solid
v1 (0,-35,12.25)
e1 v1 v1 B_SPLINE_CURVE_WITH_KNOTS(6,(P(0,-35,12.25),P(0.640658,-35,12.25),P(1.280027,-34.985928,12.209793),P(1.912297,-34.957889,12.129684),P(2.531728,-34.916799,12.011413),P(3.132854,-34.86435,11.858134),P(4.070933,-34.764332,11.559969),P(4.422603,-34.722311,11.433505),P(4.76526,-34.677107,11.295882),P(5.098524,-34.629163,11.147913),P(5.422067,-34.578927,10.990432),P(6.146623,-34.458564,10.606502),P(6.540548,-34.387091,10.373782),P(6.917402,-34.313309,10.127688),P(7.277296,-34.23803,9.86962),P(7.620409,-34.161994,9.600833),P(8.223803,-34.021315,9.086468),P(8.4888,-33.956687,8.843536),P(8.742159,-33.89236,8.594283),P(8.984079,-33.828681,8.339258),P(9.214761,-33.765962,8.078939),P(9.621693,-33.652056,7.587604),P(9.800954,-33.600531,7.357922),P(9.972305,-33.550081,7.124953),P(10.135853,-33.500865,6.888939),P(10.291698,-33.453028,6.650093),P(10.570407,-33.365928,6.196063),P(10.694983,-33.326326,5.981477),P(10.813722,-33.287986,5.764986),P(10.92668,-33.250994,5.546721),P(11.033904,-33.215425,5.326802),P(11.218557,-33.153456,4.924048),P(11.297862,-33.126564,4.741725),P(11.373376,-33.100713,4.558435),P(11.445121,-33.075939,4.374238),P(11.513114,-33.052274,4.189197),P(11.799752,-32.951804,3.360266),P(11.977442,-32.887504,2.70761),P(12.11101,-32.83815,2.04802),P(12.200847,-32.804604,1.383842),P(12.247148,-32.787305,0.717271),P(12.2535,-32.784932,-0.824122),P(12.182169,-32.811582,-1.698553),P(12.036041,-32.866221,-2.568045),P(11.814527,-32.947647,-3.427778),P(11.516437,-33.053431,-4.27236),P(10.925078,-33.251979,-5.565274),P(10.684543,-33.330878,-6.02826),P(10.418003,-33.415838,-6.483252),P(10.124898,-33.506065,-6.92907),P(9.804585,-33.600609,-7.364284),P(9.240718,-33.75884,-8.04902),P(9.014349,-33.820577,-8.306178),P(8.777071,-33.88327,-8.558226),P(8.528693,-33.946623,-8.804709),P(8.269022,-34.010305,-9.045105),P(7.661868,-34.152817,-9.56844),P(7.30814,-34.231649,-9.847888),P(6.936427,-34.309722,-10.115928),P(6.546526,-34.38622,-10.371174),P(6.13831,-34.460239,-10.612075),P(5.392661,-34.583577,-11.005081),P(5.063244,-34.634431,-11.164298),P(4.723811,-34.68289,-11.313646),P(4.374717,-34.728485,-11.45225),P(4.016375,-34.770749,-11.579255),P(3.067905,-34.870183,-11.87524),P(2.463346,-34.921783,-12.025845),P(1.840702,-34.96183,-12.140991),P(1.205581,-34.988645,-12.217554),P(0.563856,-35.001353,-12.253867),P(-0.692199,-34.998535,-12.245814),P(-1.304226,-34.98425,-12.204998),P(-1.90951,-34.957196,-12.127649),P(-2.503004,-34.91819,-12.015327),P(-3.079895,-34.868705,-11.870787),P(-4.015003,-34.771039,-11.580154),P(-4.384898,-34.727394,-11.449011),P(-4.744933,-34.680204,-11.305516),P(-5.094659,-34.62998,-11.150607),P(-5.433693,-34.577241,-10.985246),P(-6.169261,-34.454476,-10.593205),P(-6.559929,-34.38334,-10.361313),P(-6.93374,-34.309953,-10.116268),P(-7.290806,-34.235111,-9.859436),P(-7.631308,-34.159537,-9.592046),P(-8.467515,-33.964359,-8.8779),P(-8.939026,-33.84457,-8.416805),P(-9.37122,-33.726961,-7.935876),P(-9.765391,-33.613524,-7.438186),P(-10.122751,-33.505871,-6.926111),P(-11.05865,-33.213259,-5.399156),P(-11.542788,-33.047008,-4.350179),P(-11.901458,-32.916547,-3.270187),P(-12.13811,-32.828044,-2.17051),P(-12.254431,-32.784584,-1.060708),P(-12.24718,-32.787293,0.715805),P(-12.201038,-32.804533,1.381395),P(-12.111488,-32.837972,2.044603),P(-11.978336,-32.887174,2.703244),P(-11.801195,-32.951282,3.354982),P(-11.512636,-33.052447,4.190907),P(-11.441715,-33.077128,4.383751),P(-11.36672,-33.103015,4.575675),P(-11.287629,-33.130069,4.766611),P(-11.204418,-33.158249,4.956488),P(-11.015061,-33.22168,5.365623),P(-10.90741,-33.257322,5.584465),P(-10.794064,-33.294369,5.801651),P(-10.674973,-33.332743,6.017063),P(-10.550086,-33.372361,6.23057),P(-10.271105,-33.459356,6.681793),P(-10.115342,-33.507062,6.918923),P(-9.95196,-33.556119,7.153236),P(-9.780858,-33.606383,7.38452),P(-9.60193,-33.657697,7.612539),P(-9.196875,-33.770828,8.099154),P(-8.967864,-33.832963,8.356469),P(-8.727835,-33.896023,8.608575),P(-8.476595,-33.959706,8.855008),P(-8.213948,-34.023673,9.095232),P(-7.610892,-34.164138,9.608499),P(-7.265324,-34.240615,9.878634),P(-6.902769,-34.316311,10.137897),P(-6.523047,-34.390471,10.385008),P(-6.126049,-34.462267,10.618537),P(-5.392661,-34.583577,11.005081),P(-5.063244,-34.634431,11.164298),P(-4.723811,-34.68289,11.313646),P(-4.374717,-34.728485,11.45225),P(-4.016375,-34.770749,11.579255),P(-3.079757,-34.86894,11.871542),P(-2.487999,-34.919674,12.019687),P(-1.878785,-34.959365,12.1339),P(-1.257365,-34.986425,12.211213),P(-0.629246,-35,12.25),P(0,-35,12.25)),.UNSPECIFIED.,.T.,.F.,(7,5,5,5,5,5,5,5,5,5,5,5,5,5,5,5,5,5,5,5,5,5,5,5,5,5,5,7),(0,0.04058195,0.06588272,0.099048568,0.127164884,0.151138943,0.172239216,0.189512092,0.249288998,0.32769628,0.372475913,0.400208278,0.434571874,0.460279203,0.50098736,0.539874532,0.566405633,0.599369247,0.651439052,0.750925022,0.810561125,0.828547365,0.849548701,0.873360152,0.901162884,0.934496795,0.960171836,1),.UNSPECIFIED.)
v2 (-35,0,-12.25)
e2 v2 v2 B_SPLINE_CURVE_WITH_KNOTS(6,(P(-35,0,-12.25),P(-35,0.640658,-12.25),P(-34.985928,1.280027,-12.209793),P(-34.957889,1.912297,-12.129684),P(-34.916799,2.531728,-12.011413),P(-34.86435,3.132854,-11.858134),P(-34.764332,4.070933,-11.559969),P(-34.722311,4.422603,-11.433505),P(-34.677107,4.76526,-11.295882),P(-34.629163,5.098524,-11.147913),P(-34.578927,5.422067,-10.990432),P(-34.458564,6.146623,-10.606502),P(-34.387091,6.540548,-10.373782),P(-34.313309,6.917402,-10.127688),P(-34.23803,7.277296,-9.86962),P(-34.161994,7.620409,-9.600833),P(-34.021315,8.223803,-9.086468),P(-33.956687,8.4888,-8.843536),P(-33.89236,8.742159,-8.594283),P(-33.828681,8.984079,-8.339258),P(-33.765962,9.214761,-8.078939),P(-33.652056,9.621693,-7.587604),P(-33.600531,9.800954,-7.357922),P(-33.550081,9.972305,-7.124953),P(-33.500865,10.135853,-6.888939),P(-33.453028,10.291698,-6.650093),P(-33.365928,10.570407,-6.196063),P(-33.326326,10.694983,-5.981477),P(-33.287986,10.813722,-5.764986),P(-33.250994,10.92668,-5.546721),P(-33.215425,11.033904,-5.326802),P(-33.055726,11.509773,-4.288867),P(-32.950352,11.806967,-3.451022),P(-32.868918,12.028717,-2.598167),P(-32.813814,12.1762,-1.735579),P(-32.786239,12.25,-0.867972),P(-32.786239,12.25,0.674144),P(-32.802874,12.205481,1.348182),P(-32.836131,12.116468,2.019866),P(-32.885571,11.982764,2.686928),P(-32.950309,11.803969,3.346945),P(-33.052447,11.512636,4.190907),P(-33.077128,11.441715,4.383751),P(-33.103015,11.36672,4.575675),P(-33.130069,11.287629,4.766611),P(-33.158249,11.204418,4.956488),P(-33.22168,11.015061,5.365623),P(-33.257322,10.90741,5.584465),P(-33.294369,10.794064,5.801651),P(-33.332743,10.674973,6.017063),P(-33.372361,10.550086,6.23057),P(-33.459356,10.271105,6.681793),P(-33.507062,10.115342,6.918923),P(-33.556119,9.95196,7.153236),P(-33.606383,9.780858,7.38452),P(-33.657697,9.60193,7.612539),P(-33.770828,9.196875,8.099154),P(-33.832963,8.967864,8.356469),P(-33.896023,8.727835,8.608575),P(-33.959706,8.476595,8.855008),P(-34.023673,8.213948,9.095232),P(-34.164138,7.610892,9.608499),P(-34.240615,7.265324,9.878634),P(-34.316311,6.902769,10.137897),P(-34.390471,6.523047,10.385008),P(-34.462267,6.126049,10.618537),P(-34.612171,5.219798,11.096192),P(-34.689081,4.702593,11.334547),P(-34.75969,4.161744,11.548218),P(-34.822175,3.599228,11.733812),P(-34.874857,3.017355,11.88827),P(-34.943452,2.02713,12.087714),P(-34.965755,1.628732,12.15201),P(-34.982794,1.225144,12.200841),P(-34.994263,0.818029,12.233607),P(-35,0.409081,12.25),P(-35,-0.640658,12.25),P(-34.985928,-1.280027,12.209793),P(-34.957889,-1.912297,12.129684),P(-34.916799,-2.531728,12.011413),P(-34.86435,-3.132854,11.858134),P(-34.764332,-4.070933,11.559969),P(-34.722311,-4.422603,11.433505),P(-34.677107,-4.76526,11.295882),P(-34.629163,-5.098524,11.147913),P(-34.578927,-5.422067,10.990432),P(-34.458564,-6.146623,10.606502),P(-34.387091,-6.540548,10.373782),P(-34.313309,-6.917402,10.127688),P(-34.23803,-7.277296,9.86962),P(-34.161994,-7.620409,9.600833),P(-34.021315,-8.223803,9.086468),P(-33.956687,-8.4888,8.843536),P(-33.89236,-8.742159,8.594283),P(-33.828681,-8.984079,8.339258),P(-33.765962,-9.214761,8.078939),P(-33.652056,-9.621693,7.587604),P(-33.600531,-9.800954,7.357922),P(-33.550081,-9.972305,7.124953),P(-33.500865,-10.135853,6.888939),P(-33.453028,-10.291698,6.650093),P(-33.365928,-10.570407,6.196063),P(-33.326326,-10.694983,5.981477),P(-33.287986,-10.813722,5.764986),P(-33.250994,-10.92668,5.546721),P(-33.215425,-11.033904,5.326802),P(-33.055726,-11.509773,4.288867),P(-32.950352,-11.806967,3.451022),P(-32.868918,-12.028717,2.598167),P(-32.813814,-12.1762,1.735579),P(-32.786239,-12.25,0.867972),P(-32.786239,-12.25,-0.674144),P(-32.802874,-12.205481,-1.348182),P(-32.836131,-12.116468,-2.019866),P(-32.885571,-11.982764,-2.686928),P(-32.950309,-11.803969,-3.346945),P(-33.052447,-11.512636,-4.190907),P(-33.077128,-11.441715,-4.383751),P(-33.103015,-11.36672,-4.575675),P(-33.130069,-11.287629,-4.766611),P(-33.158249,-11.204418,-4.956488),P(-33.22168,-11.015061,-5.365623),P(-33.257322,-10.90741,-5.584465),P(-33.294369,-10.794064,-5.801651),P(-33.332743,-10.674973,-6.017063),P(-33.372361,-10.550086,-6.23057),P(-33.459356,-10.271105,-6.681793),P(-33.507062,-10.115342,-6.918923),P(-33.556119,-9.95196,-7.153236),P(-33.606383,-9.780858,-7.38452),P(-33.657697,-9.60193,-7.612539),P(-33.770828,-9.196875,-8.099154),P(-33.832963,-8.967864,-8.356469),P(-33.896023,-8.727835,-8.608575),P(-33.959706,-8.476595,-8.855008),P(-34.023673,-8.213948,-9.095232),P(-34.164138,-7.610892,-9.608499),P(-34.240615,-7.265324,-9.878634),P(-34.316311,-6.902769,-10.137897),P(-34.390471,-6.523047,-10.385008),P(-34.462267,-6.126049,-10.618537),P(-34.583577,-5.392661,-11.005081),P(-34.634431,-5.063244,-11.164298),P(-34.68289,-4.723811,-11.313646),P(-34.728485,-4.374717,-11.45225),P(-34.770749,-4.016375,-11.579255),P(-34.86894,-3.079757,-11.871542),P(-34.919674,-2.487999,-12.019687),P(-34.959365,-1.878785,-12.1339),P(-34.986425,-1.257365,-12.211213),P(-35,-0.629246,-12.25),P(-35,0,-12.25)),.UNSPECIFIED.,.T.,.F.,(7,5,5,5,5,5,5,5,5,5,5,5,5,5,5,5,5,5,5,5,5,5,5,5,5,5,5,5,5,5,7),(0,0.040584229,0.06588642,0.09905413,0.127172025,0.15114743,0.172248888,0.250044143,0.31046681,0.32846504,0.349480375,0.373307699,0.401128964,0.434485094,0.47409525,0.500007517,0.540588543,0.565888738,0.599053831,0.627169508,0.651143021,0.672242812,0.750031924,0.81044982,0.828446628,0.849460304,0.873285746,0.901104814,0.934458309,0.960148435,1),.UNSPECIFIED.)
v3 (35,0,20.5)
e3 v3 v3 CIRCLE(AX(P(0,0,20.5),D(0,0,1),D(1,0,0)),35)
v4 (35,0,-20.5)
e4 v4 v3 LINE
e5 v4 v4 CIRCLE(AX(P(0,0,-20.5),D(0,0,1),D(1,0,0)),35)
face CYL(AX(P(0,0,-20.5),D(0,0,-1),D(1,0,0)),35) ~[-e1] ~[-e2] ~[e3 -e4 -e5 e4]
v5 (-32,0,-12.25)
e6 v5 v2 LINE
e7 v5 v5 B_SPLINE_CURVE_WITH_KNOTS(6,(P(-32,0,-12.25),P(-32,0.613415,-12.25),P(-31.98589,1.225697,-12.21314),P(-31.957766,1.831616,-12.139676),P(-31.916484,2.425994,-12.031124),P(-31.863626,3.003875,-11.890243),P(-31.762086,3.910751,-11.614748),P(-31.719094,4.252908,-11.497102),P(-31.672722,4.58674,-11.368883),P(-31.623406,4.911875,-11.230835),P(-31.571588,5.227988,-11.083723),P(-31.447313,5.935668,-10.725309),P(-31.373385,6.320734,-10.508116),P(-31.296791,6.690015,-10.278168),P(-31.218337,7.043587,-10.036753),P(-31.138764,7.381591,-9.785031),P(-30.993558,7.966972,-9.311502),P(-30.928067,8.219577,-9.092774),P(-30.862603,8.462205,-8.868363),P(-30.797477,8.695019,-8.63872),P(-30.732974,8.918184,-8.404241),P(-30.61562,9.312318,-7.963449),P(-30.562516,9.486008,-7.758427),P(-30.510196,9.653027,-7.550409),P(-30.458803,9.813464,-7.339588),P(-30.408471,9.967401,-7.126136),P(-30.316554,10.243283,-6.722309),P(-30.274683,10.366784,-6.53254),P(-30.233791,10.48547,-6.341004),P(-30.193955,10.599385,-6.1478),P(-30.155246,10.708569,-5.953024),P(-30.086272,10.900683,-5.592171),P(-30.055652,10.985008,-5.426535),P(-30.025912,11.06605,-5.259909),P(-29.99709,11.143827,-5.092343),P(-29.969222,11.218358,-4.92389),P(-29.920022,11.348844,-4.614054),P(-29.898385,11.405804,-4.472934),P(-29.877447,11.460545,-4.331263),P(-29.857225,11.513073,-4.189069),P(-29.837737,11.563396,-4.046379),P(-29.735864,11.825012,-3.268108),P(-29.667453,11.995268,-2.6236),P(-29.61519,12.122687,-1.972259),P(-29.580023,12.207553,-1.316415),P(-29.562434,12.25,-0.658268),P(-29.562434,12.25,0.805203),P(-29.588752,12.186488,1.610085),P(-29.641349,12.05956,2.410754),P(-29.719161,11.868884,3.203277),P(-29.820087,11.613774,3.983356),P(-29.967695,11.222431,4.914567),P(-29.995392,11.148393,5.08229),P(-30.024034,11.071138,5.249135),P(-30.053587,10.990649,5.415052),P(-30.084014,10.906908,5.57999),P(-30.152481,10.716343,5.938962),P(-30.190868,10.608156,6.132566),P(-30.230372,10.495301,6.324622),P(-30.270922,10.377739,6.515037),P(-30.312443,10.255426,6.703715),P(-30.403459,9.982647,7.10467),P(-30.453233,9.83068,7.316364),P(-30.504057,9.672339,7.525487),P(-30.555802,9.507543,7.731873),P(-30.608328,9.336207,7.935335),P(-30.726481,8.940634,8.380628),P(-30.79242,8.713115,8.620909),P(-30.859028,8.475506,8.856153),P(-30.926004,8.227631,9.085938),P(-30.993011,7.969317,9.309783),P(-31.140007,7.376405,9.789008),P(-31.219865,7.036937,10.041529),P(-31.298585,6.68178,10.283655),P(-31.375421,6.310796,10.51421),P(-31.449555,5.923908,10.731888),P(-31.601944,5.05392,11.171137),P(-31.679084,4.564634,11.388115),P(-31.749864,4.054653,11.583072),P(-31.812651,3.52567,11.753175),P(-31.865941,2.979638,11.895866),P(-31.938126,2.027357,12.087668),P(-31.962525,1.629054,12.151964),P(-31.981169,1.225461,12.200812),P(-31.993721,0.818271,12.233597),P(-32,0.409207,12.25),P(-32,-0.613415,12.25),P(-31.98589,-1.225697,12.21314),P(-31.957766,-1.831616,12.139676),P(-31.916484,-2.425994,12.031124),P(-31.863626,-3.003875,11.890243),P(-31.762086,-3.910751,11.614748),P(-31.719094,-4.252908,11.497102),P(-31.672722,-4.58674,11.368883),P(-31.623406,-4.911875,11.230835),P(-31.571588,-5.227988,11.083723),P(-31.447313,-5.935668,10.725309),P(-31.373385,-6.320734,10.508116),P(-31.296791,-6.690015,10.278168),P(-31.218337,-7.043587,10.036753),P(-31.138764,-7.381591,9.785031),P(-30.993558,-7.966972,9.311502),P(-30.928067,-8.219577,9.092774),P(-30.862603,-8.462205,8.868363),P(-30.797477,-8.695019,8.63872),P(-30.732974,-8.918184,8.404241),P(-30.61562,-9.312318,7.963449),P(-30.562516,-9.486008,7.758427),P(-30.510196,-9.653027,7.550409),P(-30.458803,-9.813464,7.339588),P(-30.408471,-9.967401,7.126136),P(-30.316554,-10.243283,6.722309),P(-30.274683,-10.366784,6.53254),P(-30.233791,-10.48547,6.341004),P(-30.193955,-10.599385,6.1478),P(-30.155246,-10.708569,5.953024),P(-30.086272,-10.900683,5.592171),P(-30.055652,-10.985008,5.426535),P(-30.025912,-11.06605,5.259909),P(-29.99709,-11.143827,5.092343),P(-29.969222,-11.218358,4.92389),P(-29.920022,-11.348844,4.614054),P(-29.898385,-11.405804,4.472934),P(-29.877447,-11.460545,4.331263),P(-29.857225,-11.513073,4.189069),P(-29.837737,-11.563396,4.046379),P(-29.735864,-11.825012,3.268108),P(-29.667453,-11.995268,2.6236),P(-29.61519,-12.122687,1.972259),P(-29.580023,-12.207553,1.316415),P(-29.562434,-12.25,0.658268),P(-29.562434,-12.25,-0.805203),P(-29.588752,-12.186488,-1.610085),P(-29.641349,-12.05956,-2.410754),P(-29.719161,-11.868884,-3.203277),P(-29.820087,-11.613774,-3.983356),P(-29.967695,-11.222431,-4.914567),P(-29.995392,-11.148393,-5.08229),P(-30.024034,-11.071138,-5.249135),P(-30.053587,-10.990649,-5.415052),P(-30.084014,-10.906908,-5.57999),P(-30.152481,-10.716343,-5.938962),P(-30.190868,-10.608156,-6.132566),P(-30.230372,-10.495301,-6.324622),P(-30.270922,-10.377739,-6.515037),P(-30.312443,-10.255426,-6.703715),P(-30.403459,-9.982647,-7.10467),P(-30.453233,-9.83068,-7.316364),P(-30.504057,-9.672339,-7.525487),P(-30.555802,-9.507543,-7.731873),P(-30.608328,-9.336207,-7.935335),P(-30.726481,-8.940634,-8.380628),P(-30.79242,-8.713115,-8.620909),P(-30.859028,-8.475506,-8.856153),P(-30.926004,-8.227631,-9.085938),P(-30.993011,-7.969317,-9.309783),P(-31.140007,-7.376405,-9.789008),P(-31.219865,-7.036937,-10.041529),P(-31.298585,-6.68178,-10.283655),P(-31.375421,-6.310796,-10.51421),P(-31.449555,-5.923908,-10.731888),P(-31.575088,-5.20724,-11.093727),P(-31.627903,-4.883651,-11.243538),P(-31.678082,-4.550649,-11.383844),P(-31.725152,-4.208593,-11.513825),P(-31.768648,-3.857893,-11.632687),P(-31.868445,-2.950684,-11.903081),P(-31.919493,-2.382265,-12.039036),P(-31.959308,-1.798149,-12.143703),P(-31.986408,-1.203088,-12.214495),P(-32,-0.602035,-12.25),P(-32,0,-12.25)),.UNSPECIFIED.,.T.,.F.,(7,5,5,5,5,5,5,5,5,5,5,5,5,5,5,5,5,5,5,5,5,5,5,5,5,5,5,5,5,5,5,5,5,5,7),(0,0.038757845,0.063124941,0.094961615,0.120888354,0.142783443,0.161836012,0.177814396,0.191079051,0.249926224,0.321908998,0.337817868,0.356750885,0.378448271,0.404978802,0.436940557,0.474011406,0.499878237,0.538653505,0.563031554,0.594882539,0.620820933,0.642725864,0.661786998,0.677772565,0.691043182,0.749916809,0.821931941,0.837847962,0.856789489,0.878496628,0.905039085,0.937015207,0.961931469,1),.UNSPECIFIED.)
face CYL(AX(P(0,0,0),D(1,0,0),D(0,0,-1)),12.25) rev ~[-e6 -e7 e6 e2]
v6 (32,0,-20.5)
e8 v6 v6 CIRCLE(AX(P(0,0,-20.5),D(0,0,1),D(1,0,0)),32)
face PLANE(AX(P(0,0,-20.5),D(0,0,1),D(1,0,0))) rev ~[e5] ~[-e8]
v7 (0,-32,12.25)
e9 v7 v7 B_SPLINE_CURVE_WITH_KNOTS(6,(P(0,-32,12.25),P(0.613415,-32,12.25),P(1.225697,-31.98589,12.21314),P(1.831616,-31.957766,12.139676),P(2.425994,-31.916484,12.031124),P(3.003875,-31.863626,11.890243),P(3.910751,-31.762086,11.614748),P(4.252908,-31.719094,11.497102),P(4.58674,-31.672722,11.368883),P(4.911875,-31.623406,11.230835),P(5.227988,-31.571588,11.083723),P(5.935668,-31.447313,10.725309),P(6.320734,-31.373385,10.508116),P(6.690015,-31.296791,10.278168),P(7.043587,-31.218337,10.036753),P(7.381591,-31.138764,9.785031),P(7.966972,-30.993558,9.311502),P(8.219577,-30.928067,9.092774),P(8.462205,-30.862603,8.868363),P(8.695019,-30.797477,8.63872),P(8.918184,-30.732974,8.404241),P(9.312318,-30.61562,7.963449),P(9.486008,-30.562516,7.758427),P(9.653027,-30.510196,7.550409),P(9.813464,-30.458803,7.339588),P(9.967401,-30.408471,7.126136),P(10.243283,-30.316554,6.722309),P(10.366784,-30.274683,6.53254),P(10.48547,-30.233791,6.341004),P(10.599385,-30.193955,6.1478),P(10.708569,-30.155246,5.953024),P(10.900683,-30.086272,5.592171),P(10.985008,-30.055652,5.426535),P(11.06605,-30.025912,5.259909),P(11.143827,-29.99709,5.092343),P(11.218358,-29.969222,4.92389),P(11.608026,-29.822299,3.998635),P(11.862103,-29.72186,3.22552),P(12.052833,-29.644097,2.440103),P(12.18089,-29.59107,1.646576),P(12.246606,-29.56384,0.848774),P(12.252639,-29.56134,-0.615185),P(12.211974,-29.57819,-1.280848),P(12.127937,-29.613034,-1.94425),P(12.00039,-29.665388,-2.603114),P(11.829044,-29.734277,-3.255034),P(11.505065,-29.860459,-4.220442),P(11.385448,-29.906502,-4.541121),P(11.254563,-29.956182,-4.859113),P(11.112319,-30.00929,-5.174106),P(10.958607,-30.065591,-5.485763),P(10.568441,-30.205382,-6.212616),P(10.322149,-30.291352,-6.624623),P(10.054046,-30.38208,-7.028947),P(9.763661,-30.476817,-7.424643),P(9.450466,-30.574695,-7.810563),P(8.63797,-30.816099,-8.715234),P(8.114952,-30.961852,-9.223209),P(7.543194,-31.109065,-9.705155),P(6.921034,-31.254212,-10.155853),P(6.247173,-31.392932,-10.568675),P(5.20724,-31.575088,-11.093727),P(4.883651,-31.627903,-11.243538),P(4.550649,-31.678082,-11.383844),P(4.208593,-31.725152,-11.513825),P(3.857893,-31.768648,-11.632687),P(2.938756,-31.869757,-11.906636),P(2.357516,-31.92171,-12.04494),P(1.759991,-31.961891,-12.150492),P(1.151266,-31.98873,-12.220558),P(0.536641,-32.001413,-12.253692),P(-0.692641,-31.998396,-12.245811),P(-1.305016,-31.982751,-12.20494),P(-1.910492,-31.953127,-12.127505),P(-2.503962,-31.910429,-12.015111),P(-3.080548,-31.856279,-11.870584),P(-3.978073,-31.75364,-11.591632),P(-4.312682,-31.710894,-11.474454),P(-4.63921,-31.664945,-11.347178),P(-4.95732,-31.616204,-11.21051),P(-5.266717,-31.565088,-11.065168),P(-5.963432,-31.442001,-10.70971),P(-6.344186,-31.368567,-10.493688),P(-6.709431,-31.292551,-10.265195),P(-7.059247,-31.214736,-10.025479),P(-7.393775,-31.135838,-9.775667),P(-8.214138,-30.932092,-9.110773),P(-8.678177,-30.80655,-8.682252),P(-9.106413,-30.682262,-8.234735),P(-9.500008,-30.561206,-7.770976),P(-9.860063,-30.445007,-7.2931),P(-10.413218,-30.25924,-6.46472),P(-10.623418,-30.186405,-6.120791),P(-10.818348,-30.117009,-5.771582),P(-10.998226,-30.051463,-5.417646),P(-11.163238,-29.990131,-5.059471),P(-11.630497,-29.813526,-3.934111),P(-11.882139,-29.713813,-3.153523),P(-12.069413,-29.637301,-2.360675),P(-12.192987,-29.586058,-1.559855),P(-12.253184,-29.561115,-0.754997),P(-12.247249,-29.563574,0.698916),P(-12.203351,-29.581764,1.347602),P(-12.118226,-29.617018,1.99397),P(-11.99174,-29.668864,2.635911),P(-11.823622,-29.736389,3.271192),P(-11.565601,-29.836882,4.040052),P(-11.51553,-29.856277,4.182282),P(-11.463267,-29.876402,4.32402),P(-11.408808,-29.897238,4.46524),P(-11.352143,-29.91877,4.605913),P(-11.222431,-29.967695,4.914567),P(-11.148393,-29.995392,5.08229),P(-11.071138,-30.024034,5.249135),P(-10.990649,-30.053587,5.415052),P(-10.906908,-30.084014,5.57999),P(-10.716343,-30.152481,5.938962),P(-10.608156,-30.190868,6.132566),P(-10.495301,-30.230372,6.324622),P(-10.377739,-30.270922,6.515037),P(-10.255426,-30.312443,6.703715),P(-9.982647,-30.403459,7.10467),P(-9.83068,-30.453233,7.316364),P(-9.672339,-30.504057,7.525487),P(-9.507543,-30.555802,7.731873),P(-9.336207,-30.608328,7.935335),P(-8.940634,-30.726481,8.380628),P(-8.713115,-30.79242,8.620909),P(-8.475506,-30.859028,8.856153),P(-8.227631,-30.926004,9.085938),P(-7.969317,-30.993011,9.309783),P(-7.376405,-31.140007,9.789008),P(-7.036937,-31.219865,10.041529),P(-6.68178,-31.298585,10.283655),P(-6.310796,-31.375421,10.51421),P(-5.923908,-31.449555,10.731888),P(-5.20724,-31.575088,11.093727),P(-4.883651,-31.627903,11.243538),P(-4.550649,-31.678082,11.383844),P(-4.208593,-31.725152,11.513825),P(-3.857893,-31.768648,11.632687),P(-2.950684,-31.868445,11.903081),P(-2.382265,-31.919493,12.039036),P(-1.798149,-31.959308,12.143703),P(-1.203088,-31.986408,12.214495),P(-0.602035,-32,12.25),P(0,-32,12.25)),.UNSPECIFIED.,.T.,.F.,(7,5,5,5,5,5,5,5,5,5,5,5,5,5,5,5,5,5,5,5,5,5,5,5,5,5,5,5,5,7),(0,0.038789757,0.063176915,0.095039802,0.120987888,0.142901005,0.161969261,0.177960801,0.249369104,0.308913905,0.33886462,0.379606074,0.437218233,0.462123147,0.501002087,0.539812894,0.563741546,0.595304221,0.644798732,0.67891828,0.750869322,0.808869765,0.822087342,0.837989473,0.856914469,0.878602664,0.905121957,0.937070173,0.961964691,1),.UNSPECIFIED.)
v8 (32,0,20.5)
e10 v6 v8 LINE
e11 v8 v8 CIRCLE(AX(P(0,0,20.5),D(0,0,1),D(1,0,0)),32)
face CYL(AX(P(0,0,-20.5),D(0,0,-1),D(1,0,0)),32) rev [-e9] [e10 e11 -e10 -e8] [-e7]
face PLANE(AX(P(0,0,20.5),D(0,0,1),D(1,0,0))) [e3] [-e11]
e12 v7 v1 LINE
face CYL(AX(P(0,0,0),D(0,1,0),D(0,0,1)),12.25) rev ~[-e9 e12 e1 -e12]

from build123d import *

# Parameters (mm, degrees)
BOSS_EXTRUDE1_DEPTH      = 20.5
BOSS_EXTRUDE1_DEPTH_BACK = 20.5
SKETCH1_R                = 35
SKETCH1_R_2              = 32
SKETCH5_R                = 12.25
CUT_EXTRUDE2_DEPTH       = 54.574714185
SKETCH6_R                = 12.25
CUT_EXTRUDE3_DEPTH       = 54.574714354


with BuildPart() as part:
    # Sketch1 → Boss-Extrude1 (new, two sides: drawn at the far end of the back side and taken through both)
    with BuildSketch(Plane.XY.offset(-BOSS_EXTRUDE1_DEPTH_BACK)):
        Circle(SKETCH1_R)
        Circle(SKETCH1_R_2, mode=Mode.SUBTRACT)
    extrude(amount=BOSS_EXTRUDE1_DEPTH + BOSS_EXTRUDE1_DEPTH_BACK)

    # Sketch5 → Cut-Extrude2 (cut, through all)
    with BuildSketch(Plane(origin=(0, 0, 0), x_dir=(0, 0, -1), z_dir=(1, 0, 0))):
        Circle(SKETCH5_R)
    extrude(amount=-CUT_EXTRUDE2_DEPTH, mode=Mode.SUBTRACT)

    # Sketch6 → Cut-Extrude3 (cut, through all)
    with BuildSketch(Plane(origin=(0, 0, 0), x_dir=(1, 0, 0), z_dir=(0, 1, 0))):
        Circle(SKETCH6_R)
    extrude(amount=-CUT_EXTRUDE3_DEPTH, mode=Mode.SUBTRACT)


solid = part.part
